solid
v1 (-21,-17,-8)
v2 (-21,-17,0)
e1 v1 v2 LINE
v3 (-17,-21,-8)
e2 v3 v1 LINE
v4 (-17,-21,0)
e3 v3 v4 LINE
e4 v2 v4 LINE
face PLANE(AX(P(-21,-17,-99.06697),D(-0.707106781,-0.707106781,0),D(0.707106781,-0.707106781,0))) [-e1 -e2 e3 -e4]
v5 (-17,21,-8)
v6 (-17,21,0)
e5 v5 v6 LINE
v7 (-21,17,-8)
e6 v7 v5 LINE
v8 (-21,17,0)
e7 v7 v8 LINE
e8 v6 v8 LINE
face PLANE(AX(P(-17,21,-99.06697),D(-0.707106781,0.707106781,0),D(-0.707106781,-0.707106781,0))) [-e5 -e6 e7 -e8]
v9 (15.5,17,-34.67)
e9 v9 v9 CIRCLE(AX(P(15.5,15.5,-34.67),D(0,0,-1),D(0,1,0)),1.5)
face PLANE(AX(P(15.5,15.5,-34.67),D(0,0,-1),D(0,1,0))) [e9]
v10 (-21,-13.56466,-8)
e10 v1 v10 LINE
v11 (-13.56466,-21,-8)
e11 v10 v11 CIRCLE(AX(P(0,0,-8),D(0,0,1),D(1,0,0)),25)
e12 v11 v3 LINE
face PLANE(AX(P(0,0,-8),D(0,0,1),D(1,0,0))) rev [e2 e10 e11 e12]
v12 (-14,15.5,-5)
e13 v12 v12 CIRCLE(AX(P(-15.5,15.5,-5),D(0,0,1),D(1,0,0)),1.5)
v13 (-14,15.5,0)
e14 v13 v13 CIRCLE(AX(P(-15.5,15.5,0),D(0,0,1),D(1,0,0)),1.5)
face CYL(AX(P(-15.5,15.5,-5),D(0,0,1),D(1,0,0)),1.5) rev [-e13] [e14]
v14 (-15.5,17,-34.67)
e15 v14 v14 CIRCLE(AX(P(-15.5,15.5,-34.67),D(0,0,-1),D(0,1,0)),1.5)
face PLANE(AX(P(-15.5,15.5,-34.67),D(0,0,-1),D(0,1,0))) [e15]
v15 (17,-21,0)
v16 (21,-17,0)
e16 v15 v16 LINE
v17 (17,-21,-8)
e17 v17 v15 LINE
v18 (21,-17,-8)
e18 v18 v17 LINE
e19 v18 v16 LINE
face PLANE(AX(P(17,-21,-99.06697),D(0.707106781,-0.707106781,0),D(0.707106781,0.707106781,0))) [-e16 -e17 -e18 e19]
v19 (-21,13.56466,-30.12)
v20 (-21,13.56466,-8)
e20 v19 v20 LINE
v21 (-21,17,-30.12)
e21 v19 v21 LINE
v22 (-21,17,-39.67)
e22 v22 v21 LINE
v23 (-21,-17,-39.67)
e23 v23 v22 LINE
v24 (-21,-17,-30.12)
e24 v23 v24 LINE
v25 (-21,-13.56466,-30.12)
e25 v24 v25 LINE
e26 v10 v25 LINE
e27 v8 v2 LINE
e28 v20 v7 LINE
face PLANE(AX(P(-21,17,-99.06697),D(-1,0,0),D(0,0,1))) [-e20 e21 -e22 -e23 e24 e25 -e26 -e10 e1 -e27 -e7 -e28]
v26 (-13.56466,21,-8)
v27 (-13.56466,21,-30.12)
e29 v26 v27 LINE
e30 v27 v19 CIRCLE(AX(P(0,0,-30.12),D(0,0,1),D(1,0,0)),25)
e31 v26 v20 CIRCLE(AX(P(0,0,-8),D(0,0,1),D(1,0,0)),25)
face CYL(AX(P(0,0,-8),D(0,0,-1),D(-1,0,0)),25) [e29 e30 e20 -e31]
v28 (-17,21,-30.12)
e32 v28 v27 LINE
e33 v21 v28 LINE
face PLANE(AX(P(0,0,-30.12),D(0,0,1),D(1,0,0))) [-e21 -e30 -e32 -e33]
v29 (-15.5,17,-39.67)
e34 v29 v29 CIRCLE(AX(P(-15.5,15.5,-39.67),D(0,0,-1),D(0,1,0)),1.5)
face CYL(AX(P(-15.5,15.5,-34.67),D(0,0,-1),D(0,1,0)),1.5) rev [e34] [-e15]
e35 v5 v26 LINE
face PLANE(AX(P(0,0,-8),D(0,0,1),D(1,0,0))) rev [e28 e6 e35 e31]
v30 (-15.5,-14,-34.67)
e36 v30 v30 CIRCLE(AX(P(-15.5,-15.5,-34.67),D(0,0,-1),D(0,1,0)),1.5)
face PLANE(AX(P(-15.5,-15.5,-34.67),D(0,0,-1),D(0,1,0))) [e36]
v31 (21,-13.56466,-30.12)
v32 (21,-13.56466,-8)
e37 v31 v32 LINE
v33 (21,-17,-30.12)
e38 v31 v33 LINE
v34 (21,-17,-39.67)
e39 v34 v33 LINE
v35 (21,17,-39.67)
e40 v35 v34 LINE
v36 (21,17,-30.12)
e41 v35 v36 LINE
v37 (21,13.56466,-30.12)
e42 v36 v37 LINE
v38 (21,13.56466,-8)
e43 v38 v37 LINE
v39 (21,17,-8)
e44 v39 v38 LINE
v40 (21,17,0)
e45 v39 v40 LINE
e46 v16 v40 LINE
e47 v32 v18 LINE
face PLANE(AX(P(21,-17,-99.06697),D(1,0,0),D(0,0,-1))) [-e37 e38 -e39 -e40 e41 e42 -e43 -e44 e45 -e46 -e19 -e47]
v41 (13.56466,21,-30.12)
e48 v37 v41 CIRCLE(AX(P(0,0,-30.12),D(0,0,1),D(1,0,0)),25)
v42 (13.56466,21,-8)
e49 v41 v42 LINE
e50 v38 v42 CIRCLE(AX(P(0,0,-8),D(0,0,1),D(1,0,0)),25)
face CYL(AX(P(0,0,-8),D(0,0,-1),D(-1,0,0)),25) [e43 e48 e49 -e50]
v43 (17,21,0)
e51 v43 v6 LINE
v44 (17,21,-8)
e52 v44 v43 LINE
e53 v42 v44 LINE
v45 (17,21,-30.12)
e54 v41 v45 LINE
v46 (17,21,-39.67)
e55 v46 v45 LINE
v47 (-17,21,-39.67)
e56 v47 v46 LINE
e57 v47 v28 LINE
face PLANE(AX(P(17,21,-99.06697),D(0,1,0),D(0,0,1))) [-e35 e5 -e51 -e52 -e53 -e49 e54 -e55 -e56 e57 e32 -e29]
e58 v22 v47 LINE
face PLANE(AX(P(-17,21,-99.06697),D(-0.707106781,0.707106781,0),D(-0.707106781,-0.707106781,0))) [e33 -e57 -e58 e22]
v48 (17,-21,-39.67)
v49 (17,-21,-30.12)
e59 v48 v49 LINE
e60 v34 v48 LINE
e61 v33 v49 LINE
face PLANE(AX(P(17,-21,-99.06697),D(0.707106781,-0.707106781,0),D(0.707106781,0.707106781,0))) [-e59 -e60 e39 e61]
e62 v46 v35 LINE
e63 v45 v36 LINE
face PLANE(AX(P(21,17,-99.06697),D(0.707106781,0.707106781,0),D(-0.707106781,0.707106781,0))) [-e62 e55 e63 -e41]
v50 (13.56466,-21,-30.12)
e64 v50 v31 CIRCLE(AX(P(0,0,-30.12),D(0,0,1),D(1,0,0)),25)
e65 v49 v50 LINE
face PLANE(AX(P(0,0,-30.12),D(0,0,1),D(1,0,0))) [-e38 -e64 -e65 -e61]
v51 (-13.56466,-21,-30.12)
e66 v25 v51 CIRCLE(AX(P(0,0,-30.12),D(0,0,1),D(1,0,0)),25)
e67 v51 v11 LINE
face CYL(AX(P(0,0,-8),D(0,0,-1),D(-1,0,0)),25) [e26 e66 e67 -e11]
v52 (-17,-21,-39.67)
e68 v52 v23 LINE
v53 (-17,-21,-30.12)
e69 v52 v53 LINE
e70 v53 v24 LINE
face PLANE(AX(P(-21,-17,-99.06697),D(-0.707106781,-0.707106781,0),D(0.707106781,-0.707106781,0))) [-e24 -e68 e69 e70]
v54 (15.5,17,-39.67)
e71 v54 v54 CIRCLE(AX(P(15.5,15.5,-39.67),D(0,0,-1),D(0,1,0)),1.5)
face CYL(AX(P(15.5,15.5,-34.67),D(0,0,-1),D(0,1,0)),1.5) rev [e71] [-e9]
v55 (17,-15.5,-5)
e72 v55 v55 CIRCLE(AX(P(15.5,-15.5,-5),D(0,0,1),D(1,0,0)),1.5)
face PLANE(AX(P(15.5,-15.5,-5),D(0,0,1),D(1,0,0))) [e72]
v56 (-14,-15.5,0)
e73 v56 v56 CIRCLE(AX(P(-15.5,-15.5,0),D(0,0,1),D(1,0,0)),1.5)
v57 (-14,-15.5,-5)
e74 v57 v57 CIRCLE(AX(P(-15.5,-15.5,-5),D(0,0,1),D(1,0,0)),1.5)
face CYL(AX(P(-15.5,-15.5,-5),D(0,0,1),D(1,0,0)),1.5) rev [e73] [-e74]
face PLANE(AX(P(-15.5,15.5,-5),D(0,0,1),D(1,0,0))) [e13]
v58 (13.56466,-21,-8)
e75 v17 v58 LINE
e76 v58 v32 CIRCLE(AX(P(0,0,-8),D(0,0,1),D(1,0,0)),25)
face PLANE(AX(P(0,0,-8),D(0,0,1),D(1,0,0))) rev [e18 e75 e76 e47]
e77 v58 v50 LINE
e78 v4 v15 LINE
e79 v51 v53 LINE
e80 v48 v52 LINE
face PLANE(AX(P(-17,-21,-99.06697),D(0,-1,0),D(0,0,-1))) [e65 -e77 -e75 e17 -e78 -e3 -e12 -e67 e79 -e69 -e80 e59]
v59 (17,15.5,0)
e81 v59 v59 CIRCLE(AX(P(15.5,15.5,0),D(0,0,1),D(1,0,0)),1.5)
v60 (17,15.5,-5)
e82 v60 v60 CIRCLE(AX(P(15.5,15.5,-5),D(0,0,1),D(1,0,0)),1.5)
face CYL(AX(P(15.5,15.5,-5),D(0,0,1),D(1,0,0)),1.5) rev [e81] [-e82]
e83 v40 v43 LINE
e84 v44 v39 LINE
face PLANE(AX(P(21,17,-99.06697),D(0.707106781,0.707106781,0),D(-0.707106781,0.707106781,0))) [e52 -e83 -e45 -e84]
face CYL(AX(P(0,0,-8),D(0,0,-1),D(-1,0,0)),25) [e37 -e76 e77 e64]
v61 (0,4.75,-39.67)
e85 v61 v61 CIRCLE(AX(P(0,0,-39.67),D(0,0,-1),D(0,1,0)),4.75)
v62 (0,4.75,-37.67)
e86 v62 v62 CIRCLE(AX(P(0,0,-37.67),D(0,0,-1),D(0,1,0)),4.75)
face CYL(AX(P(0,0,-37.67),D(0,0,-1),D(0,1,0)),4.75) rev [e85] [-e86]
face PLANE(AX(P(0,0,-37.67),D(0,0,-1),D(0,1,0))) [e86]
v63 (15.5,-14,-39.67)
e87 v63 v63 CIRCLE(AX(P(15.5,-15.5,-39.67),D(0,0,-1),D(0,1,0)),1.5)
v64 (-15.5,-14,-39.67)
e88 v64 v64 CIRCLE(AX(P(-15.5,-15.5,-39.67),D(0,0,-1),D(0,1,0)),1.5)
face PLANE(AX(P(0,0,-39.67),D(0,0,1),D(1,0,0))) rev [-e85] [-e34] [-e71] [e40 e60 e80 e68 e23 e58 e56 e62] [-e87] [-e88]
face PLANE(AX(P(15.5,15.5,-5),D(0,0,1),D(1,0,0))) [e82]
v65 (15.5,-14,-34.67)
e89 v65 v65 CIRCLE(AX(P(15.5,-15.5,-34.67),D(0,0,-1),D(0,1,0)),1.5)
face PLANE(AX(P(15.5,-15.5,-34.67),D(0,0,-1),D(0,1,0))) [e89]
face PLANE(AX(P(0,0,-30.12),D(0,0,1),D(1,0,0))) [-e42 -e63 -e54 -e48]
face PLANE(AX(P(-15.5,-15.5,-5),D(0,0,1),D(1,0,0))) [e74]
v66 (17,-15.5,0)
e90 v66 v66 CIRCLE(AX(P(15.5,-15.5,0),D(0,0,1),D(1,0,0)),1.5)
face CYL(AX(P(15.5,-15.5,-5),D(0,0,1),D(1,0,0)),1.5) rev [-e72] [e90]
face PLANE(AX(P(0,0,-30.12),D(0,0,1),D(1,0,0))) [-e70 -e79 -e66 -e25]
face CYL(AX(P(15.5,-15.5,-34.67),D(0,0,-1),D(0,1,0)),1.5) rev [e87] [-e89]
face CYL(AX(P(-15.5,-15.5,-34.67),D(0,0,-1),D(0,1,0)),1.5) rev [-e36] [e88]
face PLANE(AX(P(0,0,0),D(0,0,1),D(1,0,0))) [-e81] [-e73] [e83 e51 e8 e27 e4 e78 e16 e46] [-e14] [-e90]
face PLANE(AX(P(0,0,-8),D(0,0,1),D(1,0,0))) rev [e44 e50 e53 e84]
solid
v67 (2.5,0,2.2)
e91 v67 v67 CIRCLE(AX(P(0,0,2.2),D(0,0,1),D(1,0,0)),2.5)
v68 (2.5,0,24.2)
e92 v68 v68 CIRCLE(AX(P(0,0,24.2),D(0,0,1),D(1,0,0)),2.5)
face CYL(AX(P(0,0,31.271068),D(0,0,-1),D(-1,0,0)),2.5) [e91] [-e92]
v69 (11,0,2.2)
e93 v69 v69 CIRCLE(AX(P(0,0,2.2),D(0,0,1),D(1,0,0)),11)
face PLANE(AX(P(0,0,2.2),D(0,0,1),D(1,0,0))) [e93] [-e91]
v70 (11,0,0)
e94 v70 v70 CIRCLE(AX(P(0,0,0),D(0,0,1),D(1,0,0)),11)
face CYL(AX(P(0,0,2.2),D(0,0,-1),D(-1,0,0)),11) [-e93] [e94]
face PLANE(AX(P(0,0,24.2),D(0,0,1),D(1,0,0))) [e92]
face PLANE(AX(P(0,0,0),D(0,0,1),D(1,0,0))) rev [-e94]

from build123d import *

# Parameters (mm, degrees)
BOSS_EXTRUDE1_DEPTH = 39.67
SKETCH2_OUTSIDE_W   = 58.286
SKETCH2_OUTSIDE_H   = 58.286
SKETCH2_OUTSIDE_R   = 25
CUT_EXTRUDE1_DEPTH  = 22.12
SKETCH3_R           = 1.5
CUT_EXTRUDE2_DEPTH  = 5
SKETCH4_R           = 4.75
CUT_EXTRUDE3_DEPTH  = 2
SKETCH5_R           = 1.5
CUT_EXTRUDE4_DEPTH  = 5
SKETCH6_R           = 11
BOSS_EXTRUDE2_DEPTH = 2.2
SKETCH8_R           = 2.5
BOSS_EXTRUDE3_DEPTH = 22


with BuildPart() as part:
    # Sketch1 → Boss-Extrude1 (new body)
    with BuildSketch(Plane.XY):
        Polygon((17, -21), (21, -17), (21, 17), (17, 21), (-17, 21), (-21, 17), (-21, -17), (-17, -21), align=None)
    extrude(amount=-BOSS_EXTRUDE1_DEPTH)

    # Sketch2 outside → Cut-Extrude1 (cut)
    with BuildSketch(Plane.XY.offset(-30.12)):
        Rectangle(SKETCH2_OUTSIDE_W, SKETCH2_OUTSIDE_H)
        Circle(SKETCH2_OUTSIDE_R, mode=Mode.SUBTRACT)
    extrude(amount=CUT_EXTRUDE1_DEPTH, mode=Mode.SUBTRACT)

    # Sketch3 → Cut-Extrude2 (cut)
    with BuildSketch(Plane(origin=(0, 0, -39.67), x_dir=(-1, 0, 0), z_dir=(0, 0, -1))):
        with Locations((15.5, 15.5)):
            Circle(SKETCH3_R)
        with Locations((15.5, -15.5)):
            Circle(SKETCH3_R)
        with Locations((-15.5, -15.5)):
            Circle(SKETCH3_R)
        with Locations((-15.5, 15.5)):
            Circle(SKETCH3_R)
    extrude(amount=-CUT_EXTRUDE2_DEPTH, mode=Mode.SUBTRACT)

    # Sketch4 → Cut-Extrude3 (cut)
    with BuildSketch(Plane(origin=(0, 0, -39.67), x_dir=(-1, 0, 0), z_dir=(0, 0, -1))):
        Circle(SKETCH4_R)
    extrude(amount=-CUT_EXTRUDE3_DEPTH, mode=Mode.SUBTRACT)

    # Sketch5 → Cut-Extrude4 (cut)
    with BuildSketch(Plane.XY):
        with Locations((15.5, 15.5)):
            Circle(SKETCH5_R)
        with Locations((-15.5, 15.5)):
            Circle(SKETCH5_R)
        with Locations((-15.5, -15.5)):
            Circle(SKETCH5_R)
        with Locations((15.5, -15.5)):
            Circle(SKETCH5_R)
    extrude(amount=-CUT_EXTRUDE4_DEPTH, mode=Mode.SUBTRACT)


with BuildPart() as body_2:
    # Sketch6 → Boss-Extrude2 (new body)
    with BuildSketch(Plane.XY):
        Circle(SKETCH6_R)
    extrude(amount=BOSS_EXTRUDE2_DEPTH)

    # Sketch8 → Boss-Extrude3 (add)
    with BuildSketch(Plane.XY.offset(2.2)):
        Circle(SKETCH8_R)
    extrude(amount=BOSS_EXTRUDE3_DEPTH)


solid = Compound([part.part, body_2.part])
